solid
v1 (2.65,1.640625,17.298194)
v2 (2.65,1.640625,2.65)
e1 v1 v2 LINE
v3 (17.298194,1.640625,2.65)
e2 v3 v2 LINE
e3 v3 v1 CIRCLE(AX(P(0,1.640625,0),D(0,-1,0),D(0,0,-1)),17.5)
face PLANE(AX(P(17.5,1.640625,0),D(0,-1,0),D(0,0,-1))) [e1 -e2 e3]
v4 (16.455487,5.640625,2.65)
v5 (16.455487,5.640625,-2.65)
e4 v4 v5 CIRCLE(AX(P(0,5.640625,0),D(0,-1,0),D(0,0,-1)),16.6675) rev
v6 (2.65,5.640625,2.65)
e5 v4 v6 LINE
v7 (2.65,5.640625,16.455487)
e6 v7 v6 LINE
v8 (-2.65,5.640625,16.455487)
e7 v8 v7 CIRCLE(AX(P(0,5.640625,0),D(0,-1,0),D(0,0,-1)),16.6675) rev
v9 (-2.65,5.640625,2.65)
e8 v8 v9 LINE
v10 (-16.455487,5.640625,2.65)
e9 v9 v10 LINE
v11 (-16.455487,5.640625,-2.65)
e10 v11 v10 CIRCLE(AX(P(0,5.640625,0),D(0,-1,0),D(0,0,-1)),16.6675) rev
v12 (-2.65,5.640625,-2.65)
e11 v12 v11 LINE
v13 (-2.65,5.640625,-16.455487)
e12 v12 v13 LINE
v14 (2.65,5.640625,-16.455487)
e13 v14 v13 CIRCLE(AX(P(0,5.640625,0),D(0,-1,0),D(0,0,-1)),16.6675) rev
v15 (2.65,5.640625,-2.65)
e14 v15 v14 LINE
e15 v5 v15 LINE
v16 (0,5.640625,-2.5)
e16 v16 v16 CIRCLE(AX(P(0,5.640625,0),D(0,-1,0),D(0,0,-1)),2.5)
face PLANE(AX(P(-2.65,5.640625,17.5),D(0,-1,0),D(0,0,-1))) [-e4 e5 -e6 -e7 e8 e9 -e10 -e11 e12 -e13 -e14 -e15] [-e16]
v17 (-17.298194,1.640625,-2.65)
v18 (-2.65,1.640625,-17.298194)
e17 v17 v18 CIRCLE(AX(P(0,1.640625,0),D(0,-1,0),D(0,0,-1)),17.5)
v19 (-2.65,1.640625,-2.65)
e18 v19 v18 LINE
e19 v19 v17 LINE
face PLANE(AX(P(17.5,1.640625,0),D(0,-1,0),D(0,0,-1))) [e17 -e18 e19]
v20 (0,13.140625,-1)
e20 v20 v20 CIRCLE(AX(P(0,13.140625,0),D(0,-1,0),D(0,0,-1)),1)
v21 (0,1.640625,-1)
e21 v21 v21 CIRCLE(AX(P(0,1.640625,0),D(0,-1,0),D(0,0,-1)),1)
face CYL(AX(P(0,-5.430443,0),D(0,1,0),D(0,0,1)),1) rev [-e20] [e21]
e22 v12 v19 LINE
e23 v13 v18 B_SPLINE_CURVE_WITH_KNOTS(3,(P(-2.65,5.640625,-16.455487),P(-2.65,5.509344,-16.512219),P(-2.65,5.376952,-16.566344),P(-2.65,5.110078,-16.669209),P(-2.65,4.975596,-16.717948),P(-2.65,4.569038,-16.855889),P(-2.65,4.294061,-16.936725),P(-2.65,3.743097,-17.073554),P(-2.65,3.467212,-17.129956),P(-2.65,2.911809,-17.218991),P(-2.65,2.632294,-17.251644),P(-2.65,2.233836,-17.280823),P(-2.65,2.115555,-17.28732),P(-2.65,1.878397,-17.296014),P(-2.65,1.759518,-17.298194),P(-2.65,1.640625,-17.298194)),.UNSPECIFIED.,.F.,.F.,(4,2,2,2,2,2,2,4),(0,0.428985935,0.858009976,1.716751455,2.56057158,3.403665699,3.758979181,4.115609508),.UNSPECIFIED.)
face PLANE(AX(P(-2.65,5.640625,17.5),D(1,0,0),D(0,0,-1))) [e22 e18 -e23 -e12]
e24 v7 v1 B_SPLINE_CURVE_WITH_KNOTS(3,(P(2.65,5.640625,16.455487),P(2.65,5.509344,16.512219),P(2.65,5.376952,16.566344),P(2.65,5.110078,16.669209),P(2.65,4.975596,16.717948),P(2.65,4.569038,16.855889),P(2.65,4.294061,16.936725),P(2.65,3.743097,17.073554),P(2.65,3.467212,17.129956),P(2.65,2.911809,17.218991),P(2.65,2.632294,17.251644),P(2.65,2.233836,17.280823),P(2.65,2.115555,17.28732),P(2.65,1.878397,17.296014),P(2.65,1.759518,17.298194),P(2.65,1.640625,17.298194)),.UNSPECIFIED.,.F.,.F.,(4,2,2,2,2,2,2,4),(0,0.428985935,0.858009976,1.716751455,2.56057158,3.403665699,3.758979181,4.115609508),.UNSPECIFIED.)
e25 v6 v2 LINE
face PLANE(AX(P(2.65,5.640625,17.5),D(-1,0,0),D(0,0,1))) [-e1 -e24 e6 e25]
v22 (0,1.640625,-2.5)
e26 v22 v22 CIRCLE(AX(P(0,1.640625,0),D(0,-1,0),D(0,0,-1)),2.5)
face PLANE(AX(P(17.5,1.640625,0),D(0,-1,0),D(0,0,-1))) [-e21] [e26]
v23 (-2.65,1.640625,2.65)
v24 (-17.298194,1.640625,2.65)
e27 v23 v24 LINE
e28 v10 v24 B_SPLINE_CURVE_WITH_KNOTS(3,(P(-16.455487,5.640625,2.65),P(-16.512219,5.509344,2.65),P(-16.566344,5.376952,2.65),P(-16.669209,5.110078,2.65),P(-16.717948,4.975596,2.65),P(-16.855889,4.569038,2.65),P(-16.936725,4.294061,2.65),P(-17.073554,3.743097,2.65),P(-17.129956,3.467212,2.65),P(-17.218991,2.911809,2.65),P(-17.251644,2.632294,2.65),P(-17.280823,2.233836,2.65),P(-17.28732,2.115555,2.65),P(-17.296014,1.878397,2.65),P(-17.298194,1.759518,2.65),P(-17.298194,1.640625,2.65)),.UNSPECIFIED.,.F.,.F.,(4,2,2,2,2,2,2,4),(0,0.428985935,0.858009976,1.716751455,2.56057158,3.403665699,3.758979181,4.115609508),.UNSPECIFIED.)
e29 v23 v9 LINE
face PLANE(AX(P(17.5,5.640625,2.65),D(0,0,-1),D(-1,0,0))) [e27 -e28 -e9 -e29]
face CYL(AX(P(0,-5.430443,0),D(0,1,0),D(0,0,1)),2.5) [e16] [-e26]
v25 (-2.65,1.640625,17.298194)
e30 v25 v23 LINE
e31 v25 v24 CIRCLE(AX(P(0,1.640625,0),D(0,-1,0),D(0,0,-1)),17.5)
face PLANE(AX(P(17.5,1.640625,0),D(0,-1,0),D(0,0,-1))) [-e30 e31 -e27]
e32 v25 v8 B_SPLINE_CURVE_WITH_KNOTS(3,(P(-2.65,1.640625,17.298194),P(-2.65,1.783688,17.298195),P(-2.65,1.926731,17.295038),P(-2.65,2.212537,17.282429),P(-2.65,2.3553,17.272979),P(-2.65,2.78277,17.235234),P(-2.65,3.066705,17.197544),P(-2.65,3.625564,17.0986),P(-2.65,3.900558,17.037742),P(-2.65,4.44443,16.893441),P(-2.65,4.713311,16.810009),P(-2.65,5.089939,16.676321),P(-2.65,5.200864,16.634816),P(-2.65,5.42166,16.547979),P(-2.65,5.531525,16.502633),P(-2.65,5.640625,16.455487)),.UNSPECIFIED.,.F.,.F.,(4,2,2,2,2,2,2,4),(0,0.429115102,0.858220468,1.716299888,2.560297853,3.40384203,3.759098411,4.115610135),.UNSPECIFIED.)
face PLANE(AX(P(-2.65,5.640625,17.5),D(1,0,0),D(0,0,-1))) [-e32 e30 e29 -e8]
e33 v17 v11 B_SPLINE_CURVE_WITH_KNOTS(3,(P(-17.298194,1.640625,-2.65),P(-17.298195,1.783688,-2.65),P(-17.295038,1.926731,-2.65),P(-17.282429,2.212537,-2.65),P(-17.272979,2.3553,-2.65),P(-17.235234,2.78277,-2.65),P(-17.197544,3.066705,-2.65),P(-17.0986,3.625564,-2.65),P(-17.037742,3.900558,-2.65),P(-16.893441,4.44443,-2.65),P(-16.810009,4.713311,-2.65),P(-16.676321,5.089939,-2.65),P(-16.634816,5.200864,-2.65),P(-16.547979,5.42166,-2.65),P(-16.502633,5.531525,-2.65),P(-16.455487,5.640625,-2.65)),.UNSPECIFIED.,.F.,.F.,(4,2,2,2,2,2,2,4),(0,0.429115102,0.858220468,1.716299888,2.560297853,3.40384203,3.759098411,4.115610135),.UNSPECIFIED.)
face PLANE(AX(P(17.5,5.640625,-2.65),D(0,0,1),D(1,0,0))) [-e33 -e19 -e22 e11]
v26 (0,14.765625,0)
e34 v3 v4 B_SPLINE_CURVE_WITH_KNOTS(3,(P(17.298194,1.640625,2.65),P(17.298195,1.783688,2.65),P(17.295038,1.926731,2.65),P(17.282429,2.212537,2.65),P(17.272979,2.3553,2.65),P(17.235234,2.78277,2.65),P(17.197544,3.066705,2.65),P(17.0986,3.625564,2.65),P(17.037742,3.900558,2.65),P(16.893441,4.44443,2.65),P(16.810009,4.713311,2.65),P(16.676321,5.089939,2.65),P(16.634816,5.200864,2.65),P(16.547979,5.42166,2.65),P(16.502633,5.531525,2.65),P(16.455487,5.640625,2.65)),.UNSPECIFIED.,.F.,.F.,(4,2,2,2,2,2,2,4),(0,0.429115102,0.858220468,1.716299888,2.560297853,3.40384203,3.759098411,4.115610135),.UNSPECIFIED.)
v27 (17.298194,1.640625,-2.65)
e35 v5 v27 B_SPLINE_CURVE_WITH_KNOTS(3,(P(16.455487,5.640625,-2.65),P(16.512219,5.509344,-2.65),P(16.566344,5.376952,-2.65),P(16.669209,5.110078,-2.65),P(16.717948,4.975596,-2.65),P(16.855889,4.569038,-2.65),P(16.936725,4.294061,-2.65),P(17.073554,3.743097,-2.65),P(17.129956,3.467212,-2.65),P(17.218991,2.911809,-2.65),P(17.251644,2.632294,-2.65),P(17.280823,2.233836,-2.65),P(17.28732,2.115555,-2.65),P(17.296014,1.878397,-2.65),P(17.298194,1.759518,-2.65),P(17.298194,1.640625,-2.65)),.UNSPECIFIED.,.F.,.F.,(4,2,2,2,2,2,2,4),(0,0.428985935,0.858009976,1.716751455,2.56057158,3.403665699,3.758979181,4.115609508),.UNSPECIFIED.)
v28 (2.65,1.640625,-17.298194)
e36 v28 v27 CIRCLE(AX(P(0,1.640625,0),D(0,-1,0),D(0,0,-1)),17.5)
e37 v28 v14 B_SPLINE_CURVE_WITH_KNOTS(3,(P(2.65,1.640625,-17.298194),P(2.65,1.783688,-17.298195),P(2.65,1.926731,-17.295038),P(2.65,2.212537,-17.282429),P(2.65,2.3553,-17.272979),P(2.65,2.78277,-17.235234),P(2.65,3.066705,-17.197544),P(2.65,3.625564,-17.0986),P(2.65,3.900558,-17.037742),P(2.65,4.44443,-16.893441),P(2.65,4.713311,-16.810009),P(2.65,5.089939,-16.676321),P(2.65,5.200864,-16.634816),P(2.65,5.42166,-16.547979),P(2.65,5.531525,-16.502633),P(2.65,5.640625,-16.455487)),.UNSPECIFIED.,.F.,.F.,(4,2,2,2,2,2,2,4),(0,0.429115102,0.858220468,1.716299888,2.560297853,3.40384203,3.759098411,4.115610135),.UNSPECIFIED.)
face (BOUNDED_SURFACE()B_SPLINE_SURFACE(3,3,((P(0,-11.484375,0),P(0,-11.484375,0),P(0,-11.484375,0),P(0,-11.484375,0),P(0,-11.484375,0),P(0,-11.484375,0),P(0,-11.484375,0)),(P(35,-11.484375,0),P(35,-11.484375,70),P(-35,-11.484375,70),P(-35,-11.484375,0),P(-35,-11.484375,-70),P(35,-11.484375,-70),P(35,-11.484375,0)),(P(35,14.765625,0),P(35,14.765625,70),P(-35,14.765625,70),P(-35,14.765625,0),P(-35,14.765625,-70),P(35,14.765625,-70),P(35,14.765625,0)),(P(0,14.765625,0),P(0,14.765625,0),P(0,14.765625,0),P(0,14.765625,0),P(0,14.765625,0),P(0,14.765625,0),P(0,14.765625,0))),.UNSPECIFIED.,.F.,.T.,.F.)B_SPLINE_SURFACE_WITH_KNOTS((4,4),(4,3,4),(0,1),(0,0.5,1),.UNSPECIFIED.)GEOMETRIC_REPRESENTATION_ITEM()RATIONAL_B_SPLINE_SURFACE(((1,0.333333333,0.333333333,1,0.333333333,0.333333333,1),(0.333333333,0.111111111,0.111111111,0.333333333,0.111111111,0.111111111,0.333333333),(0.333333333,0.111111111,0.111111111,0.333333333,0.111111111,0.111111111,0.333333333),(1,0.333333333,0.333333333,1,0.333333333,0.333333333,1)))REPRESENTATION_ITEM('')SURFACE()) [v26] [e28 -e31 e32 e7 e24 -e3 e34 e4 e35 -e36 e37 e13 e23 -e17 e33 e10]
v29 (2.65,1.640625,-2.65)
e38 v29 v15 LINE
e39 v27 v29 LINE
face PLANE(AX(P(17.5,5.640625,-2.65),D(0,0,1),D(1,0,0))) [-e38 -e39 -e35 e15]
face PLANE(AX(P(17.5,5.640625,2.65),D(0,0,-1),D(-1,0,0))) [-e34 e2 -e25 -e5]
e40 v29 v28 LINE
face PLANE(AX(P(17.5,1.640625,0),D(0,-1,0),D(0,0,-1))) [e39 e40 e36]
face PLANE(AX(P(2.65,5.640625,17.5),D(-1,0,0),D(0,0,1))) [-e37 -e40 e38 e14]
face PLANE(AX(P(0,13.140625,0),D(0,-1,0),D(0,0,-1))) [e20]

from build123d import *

# Parameters (mm, degrees)
SCALE1_SCALE_X      = 1
SCALE1_SCALE_Y      = 0.75
SCALE1_SCALE_Z      = 1
SKETCH3_W           = 5.3
SKETCH3_H           = 4
CUT_EXTRUDE1_DEPTH  = 17.5
CIRPATTERN1_COUNT   = 2
CIRPATTERN1_ANGLE   = 90
SKETCH4_R           = 2.5
SKETCH4_R_2         = 1
BOSS_EXTRUDE1_DEPTH = 4
SKETCH5_R           = 1
CUT_EXTRUDE2_DEPTH  = 7.5


with BuildPart() as part:
    # Sketch2 → Revolve1 (revolve)
    with BuildSketch(Plane.XY):
        with BuildLine():
            Line((0, 0), (0, 17.5))
            ThreePointArc((0, 17.5), (12.374368671, 12.374368671), (17.5, 0))
            Line((17.5, 0), (0, 0))
        make_face()
    revolve(axis=Axis((0, 0, 0), (0, 1, 0)))


with BuildPart() as part_1:
    # Scale1: scaled about (0, 6.5625, 0)
    add(part.part.scale((SCALE1_SCALE_X, SCALE1_SCALE_Y, SCALE1_SCALE_Z), about=(0, 6.5625, 0)))

    # Sketch3 → Cut-Extrude1 (cut, symmetric)
    with BuildSketch(Plane.XY):
        with Locations((0, 3.640625)):
            Rectangle(SKETCH3_W, SKETCH3_H)
    cut_extrude1 = extrude(amount=CUT_EXTRUDE1_DEPTH, both=True, mode=Mode.SUBTRACT)

    # CirPattern1: Cut-Extrude1 ×2 about axis
    cirpattern1_axis = Axis((0, 0.984375, 0), (0, 1, 0))
    for i in range(1, CIRPATTERN1_COUNT):
        add(cut_extrude1.rotate(cirpattern1_axis, i * CIRPATTERN1_ANGLE / (CIRPATTERN1_COUNT - 1)), mode=Mode.SUBTRACT)

    # Sketch4 → Boss-Extrude1 (add)
    with BuildSketch(Plane.XZ.offset(-5.640625)):
        Circle(SKETCH4_R)
        Circle(SKETCH4_R_2, mode=Mode.SUBTRACT)
    extrude(amount=BOSS_EXTRUDE1_DEPTH)

    # Sketch5 → Cut-Extrude2 (cut)
    with BuildSketch(Plane.XZ.offset(-5.640625)):
        Circle(SKETCH5_R)
    extrude(amount=-CUT_EXTRUDE2_DEPTH, mode=Mode.SUBTRACT)


solid = part_1.part
